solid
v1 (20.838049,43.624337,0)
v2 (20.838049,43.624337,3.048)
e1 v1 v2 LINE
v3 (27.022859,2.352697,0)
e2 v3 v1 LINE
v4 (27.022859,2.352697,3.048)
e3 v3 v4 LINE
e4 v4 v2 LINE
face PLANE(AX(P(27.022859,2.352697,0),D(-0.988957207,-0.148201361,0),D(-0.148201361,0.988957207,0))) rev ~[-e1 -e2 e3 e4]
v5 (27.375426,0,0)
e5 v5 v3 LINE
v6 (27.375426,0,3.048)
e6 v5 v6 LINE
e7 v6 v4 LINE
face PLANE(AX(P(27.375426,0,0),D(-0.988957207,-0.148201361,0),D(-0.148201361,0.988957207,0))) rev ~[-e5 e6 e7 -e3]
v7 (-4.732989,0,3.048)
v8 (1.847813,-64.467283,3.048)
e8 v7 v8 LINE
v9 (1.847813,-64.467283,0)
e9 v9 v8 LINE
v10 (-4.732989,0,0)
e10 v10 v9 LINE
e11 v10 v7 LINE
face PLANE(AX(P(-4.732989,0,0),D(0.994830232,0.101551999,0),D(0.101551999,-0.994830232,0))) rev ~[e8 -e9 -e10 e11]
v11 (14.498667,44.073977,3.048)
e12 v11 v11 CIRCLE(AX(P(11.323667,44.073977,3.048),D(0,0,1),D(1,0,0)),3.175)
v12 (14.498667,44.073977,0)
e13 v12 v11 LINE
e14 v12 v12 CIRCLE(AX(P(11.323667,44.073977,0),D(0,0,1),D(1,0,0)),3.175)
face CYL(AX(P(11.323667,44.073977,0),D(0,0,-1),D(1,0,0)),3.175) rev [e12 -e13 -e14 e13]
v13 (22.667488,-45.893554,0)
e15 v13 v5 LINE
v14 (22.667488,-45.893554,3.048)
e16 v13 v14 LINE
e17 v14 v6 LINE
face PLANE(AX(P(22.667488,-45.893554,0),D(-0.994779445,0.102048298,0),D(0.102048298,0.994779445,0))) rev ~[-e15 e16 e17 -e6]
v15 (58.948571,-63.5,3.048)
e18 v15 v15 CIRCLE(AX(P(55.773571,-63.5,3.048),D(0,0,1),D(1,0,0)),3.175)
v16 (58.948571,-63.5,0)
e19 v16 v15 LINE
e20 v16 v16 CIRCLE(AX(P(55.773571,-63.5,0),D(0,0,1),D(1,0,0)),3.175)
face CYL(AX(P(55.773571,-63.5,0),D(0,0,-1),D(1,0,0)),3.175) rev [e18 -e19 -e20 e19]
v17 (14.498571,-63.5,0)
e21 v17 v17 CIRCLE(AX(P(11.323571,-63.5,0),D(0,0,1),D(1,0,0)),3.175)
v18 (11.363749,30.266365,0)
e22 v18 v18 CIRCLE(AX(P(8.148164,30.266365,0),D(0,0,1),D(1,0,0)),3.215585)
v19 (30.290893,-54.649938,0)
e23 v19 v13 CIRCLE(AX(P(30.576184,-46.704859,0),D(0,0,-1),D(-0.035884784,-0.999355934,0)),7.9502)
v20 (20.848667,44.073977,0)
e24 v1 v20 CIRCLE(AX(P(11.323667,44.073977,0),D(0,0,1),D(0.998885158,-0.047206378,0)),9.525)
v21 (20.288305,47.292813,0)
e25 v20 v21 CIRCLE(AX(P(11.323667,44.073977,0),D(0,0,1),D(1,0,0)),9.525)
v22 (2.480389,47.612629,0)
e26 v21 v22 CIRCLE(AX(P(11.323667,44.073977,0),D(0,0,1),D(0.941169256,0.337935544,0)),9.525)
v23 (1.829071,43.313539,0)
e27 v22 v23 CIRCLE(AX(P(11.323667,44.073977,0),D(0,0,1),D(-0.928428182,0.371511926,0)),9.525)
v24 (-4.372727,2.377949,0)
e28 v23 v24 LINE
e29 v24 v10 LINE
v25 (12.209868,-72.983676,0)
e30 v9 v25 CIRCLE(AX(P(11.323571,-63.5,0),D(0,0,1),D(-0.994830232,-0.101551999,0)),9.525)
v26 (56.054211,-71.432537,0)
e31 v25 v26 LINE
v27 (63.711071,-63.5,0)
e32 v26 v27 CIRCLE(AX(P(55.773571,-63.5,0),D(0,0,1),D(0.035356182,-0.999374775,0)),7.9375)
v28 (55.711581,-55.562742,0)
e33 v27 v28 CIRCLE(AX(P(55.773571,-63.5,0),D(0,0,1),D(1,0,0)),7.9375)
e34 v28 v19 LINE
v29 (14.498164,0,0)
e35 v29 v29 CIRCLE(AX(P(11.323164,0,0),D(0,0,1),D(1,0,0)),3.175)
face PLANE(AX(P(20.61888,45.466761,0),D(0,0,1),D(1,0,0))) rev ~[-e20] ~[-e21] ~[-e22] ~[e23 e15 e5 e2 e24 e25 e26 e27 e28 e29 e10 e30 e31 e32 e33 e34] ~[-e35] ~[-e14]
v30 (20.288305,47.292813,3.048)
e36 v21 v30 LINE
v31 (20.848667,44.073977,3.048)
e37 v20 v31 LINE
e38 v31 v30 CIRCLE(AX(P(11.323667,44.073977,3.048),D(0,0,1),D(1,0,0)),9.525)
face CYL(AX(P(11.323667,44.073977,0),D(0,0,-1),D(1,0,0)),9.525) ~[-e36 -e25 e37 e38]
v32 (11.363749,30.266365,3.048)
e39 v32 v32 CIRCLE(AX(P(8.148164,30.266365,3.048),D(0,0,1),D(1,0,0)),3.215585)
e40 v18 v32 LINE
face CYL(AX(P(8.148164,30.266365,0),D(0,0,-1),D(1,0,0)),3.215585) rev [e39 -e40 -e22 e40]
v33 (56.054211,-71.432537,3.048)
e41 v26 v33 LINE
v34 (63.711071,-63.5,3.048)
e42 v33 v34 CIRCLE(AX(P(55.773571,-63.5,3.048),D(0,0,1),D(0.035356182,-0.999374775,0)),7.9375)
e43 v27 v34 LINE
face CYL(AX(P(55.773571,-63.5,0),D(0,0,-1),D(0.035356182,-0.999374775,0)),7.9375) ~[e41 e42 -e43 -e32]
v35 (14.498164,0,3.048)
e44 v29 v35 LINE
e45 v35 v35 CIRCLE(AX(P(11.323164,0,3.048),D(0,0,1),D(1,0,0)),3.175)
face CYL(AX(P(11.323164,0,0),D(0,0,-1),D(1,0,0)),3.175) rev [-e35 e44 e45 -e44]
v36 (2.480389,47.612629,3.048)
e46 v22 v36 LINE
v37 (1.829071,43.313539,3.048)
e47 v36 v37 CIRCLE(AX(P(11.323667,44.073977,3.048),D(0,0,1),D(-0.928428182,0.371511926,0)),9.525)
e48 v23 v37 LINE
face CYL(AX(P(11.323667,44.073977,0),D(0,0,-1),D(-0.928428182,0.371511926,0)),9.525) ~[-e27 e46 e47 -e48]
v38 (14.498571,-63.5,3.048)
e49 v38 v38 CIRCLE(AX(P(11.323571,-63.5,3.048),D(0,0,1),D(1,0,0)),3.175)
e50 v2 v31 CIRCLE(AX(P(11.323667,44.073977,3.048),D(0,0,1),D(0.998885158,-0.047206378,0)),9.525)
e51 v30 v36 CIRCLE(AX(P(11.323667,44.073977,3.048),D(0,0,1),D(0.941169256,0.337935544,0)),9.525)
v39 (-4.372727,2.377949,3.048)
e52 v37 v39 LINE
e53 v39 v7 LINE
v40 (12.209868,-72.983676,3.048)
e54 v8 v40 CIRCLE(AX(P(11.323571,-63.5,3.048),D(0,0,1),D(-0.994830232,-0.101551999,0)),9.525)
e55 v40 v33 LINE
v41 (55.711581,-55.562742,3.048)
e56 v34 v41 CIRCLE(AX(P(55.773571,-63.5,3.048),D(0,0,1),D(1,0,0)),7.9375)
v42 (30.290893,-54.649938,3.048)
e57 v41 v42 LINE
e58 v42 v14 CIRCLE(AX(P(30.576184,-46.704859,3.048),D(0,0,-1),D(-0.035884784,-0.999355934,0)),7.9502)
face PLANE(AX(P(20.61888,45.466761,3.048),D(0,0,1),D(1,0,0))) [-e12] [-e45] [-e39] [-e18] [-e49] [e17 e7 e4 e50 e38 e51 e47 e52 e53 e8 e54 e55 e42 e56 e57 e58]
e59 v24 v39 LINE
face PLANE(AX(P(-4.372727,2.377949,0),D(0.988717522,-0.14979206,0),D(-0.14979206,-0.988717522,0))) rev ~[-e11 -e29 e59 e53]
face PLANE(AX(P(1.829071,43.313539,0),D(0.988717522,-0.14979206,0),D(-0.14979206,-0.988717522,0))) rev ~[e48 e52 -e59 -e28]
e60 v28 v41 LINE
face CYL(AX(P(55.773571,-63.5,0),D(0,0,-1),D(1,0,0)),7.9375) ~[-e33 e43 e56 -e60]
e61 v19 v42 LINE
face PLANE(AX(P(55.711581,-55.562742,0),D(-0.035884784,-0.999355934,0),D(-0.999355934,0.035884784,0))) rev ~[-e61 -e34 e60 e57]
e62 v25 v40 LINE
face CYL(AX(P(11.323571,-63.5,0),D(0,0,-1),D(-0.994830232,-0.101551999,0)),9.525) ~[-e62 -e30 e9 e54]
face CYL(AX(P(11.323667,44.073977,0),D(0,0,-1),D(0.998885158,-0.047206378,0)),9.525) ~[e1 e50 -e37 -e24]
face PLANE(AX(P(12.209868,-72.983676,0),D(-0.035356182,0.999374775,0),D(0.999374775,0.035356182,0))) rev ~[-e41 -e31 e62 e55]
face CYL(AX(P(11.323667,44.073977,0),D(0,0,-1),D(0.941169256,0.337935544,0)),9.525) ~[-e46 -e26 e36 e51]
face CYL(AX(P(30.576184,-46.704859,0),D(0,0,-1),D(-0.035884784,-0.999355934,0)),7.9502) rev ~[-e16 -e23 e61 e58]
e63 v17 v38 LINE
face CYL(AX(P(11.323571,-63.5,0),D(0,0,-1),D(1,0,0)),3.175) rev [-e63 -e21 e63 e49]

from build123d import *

# Parameters (mm, degrees)
F0_R     = 3.175
F0_R_2   = 3.2155850094
F1_DEPTH = 3.048


with BuildPart() as f1:
    # F0 (on Top) → F1 (new body)
    with BuildSketch(Plane.XY):
        with BuildLine():
            ThreePointArc((20.8380485389, 43.6243366756), (20.8460123248, 43.8490943624), (20.8486674135, 44.0739774213))
            ThreePointArc((20.8486674135, 44.0739774213), (20.7075310622, 45.7076016198), (20.2883045743, 47.2928134805))
            Line((20.2883045743, 47.2928134805), (20.8380485389, 43.6243366756))
        make_face()
        with BuildLine():
            Line((20.8380485389, 43.6243366756), (20.2883045743, 47.2928134805))
            ThreePointArc((20.2883045743, 47.2928134805), (11.4947007425, 53.5974417385), (2.4803889816, 47.6126285169))
            Line((2.4803889816, 47.6126285169), (1.8290711011, 43.3135394793))
            ThreePointArc((1.8290711011, 43.3135394793), (11.4793805601, 34.5502502929), (20.8380485389, 43.6243366756))
        make_face()
        with Locations((11.3236674135, 44.0739774213)):
            Circle(F0_R, mode=Mode.SUBTRACT)
        with BuildLine():
            Line((27.0228593645, 2.3526965767), (20.8380485389, 43.6243366756))
            ThreePointArc((20.8380485389, 43.6243366756), (11.4793805601, 34.5502502929), (1.8290711011, 43.3135394793))
            Line((1.8290711011, 43.3135394793), (-4.3727269733, 2.3779488711))
            ThreePointArc((-4.3727269733, 2.3779488711), (11.3359323796, 15.8749948649), (27.0228593645, 2.3526965767))
        make_face()
        with Locations((8.1481637045, 30.2663650364)):
            Circle(F0_R_2, mode=Mode.SUBTRACT)
        with BuildLine():
            Line((1.8290711011, 43.3135394793), (2.4803889816, 47.6126285169))
            ThreePointArc((2.4803889816, 47.6126285169), (1.9061330136, 45.5007467885), (1.8290711011, 43.3135394793))
        make_face()
        with BuildLine():
            Line((27.3754255146, 0), (27.0228593645, 2.3526965767))
            ThreePointArc((27.0228593645, 2.3526965767), (27.1542769566, 1.1796093414), (27.1981637045, 0))
            ThreePointArc((27.1981637045, 0), (10.1308213687, -15.8301593408), (-4.3727269733, 2.3779488711))
            Line((-4.3727269733, 2.3779488711), (-4.7329894859, 0))
            Line((-4.7329894859, 0), (1.8478131932, -64.4672828145))
            ThreePointArc((1.8478131932, -64.4672828145), (10.839303468, -53.9873184958), (20.8485711575, -63.5000000212))
            ThreePointArc((20.8485711575, -63.5000000212), (18.365147651, -69.9141894077), (12.2098676434, -72.9836756556))
            Line((12.2098676434, -72.9836756556), (56.0542108535, -71.4325372605))
            ThreePointArc((56.0542108535, -71.4325372605), (47.837920469, -63.6713312347), (55.7115808743, -55.5627420555))
            Line((55.7115808743, -55.5627420555), (30.2908926845, -54.6499382367))
            ThreePointArc((30.2908926845, -54.6499382367), (24.5800251587, -51.9251805627), (22.6674883506, -45.8935543113))
            Line((22.6674883506, -45.8935543113), (27.3754255146, 0))
        make_face()
        with BuildLine():
            ThreePointArc((27.1981637045, 0), (27.1542769566, 1.1796093414), (27.0228593645, 2.3526965767))
            ThreePointArc((27.0228593645, 2.3526965767), (11.3359323796, 15.8749948649), (-4.3727269733, 2.3779488711))
            ThreePointArc((-4.3727269733, 2.3779488711), (10.1308213687, -15.8301593408), (27.1981637045, 0))
        make_face()
        with Locations((11.3231637045, 0)):
            Circle(F0_R, mode=Mode.SUBTRACT)
        with BuildLine():
            ThreePointArc((20.8485711575, -63.5000000212), (10.839303468, -53.9873184958), (1.8478131932, -64.4672828145))
            ThreePointArc((1.8478131932, -64.4672828145), (5.2756831891, -70.8585784248), (12.2098676434, -72.9836756556))
            ThreePointArc((12.2098676434, -72.9836756556), (18.365147651, -69.9141894077), (20.8485711575, -63.5000000212))
        make_face()
        with Locations((11.3235711575, -63.5000000212)):
            Circle(F0_R, mode=Mode.SUBTRACT)
        with BuildLine():
            ThreePointArc((63.7110711578, -63.499999986), (61.364271399, -57.8654656607), (55.7115808743, -55.5627420555))
            ThreePointArc((55.7115808743, -55.5627420555), (47.837920469, -63.6713312347), (56.0542108535, -71.4325372605))
            ThreePointArc((56.0542108535, -71.4325372605), (61.4845904991, -69.0125460704), (63.7110711578, -63.499999986))
        make_face()
        with Locations((55.7735711578, -63.499999986)):
            Circle(F0_R, mode=Mode.SUBTRACT)
    extrude(amount=F1_DEPTH)


solid = f1.part
